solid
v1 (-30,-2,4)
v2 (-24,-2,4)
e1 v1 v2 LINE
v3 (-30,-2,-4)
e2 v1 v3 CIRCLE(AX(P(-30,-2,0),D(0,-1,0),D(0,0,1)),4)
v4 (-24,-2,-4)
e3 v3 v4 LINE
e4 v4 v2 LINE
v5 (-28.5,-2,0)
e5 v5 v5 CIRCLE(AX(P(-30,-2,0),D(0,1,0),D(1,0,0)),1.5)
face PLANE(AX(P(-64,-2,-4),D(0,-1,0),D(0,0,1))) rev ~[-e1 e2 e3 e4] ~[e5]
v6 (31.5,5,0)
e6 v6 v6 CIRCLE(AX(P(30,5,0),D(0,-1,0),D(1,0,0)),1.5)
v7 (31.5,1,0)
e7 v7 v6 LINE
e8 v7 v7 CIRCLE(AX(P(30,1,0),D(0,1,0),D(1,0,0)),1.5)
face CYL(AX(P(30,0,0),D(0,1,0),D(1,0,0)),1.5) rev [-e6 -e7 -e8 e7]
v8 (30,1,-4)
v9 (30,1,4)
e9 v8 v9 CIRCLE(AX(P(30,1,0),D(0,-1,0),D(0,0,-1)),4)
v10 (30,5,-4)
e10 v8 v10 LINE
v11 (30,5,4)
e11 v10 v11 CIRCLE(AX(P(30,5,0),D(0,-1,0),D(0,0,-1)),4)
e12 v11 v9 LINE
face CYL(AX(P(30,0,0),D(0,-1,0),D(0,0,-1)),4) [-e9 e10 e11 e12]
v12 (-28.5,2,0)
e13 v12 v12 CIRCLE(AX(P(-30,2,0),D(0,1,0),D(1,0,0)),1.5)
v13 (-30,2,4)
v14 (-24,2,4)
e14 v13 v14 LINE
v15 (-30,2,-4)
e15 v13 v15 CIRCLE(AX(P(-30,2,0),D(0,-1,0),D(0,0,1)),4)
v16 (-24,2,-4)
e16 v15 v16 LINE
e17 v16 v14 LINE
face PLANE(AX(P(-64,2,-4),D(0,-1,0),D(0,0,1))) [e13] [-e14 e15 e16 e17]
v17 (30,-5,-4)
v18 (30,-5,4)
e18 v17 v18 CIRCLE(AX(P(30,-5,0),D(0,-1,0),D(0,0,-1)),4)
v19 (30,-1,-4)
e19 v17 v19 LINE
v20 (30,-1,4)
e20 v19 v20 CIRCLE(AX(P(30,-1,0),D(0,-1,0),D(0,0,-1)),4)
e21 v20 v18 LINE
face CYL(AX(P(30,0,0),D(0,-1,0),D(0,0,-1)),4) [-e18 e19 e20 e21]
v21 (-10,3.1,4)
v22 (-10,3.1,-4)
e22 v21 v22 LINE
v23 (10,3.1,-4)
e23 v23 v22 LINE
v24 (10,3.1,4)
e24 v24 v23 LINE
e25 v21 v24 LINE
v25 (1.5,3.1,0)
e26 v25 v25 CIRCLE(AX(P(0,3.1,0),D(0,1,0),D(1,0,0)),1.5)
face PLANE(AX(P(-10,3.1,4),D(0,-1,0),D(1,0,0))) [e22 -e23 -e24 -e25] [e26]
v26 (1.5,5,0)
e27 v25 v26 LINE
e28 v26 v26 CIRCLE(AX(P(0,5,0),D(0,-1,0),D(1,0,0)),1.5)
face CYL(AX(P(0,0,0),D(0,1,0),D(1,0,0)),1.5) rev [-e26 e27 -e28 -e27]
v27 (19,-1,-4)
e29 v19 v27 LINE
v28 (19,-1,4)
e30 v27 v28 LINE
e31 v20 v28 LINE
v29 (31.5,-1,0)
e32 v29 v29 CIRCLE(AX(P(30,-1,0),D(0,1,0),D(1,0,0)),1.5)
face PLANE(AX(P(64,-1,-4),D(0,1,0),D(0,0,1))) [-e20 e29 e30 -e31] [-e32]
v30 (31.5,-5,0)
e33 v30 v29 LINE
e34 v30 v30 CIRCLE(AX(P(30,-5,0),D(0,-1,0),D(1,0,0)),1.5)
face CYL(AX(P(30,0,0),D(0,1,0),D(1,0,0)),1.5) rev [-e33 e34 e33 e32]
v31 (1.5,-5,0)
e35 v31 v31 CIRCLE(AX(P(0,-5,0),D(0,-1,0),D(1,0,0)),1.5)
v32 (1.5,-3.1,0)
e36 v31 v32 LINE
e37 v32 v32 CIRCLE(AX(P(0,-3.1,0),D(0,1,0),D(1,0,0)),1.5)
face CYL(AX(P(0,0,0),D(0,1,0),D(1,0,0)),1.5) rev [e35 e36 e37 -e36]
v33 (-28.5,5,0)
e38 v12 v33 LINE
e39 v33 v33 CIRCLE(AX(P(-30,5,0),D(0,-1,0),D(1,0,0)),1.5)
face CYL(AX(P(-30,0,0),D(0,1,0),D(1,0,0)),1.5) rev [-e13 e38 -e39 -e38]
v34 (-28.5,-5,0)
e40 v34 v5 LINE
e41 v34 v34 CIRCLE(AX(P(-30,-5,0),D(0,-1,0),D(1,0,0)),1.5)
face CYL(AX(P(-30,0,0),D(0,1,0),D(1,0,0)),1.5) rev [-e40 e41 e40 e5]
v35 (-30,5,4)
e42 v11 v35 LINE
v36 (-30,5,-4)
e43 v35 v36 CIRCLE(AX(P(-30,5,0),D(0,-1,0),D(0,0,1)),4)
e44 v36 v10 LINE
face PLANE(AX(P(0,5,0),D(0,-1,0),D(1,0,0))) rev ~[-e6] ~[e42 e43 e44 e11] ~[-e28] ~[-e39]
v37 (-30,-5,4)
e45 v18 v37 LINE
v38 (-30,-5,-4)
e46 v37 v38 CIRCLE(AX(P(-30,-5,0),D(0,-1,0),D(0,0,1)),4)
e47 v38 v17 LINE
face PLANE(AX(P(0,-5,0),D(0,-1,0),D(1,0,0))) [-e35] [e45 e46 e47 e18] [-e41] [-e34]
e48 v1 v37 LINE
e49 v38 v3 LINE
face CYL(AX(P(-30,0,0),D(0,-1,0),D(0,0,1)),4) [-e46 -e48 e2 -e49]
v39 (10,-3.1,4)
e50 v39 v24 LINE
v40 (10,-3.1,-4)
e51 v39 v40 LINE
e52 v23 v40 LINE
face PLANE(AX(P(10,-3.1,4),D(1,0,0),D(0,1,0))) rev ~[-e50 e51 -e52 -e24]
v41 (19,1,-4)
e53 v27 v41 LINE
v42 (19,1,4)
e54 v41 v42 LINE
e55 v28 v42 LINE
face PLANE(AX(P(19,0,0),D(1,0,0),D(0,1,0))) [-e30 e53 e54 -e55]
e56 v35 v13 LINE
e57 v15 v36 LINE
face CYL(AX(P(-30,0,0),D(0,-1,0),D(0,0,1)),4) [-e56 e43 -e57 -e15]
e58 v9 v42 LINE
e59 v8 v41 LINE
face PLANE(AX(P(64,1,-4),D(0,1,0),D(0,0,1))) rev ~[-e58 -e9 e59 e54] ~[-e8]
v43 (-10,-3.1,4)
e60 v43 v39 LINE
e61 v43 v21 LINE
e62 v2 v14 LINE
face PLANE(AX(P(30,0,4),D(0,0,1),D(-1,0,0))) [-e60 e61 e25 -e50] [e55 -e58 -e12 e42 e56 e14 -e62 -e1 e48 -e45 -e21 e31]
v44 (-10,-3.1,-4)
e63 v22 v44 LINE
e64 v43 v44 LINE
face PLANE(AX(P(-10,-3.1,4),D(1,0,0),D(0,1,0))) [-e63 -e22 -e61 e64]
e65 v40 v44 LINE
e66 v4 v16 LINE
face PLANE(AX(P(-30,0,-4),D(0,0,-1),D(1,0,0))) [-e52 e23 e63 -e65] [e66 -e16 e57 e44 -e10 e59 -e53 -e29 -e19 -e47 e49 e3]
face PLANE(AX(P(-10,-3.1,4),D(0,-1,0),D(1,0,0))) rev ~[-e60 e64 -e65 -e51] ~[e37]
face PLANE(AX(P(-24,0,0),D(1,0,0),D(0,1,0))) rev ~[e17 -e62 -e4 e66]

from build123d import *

# Parameters (mm, degrees)
F0_R      = 1.5
F1_DEPTH  = 5
F3_W      = 2
F3_H      = 8
F4_DEPTH  = 45
F6_W      = 20
F6_H      = 6.2
F7_DEPTH  = 25
F9_W      = 4
F9_H      = 8
F10_DEPTH = 40


with BuildPart() as f1:
    # F0 (on Front) → F1 (new body, symmetric)
    with BuildSketch(Plane.XZ):
        with BuildLine():
            ThreePointArc((30, -4), (34, 0), (30, 4))
            Line((30, 4), (-30, 4))
            ThreePointArc((-30, 4), (-34, 0), (-30, -4))
            Line((-30, -4), (30, -4))
        make_face()
        with Locations((-30, 0)):
            Circle(F0_R, mode=Mode.SUBTRACT)
        Circle(F0_R, mode=Mode.SUBTRACT)
        with Locations((30, 0)):
            Circle(F0_R, mode=Mode.SUBTRACT)
    extrude(amount=F1_DEPTH, both=True)

    # F3 (on offset) → F4 (cut)
    with BuildSketch(Plane.YZ.offset(64)):
        Rectangle(F3_W, F3_H)
    extrude(amount=-F4_DEPTH, mode=Mode.SUBTRACT)

    # F6 (on face) → F7 (cut)
    with BuildSketch(Plane.XY.offset(4)):
        Rectangle(F6_W, F6_H)
    extrude(amount=-F7_DEPTH, mode=Mode.SUBTRACT)

    # F9 (on offset) → F10 (cut)
    with BuildSketch(Plane.YZ.offset(-64)):
        Rectangle(F9_W, F9_H)
    extrude(amount=F10_DEPTH, mode=Mode.SUBTRACT)


solid = f1.part
